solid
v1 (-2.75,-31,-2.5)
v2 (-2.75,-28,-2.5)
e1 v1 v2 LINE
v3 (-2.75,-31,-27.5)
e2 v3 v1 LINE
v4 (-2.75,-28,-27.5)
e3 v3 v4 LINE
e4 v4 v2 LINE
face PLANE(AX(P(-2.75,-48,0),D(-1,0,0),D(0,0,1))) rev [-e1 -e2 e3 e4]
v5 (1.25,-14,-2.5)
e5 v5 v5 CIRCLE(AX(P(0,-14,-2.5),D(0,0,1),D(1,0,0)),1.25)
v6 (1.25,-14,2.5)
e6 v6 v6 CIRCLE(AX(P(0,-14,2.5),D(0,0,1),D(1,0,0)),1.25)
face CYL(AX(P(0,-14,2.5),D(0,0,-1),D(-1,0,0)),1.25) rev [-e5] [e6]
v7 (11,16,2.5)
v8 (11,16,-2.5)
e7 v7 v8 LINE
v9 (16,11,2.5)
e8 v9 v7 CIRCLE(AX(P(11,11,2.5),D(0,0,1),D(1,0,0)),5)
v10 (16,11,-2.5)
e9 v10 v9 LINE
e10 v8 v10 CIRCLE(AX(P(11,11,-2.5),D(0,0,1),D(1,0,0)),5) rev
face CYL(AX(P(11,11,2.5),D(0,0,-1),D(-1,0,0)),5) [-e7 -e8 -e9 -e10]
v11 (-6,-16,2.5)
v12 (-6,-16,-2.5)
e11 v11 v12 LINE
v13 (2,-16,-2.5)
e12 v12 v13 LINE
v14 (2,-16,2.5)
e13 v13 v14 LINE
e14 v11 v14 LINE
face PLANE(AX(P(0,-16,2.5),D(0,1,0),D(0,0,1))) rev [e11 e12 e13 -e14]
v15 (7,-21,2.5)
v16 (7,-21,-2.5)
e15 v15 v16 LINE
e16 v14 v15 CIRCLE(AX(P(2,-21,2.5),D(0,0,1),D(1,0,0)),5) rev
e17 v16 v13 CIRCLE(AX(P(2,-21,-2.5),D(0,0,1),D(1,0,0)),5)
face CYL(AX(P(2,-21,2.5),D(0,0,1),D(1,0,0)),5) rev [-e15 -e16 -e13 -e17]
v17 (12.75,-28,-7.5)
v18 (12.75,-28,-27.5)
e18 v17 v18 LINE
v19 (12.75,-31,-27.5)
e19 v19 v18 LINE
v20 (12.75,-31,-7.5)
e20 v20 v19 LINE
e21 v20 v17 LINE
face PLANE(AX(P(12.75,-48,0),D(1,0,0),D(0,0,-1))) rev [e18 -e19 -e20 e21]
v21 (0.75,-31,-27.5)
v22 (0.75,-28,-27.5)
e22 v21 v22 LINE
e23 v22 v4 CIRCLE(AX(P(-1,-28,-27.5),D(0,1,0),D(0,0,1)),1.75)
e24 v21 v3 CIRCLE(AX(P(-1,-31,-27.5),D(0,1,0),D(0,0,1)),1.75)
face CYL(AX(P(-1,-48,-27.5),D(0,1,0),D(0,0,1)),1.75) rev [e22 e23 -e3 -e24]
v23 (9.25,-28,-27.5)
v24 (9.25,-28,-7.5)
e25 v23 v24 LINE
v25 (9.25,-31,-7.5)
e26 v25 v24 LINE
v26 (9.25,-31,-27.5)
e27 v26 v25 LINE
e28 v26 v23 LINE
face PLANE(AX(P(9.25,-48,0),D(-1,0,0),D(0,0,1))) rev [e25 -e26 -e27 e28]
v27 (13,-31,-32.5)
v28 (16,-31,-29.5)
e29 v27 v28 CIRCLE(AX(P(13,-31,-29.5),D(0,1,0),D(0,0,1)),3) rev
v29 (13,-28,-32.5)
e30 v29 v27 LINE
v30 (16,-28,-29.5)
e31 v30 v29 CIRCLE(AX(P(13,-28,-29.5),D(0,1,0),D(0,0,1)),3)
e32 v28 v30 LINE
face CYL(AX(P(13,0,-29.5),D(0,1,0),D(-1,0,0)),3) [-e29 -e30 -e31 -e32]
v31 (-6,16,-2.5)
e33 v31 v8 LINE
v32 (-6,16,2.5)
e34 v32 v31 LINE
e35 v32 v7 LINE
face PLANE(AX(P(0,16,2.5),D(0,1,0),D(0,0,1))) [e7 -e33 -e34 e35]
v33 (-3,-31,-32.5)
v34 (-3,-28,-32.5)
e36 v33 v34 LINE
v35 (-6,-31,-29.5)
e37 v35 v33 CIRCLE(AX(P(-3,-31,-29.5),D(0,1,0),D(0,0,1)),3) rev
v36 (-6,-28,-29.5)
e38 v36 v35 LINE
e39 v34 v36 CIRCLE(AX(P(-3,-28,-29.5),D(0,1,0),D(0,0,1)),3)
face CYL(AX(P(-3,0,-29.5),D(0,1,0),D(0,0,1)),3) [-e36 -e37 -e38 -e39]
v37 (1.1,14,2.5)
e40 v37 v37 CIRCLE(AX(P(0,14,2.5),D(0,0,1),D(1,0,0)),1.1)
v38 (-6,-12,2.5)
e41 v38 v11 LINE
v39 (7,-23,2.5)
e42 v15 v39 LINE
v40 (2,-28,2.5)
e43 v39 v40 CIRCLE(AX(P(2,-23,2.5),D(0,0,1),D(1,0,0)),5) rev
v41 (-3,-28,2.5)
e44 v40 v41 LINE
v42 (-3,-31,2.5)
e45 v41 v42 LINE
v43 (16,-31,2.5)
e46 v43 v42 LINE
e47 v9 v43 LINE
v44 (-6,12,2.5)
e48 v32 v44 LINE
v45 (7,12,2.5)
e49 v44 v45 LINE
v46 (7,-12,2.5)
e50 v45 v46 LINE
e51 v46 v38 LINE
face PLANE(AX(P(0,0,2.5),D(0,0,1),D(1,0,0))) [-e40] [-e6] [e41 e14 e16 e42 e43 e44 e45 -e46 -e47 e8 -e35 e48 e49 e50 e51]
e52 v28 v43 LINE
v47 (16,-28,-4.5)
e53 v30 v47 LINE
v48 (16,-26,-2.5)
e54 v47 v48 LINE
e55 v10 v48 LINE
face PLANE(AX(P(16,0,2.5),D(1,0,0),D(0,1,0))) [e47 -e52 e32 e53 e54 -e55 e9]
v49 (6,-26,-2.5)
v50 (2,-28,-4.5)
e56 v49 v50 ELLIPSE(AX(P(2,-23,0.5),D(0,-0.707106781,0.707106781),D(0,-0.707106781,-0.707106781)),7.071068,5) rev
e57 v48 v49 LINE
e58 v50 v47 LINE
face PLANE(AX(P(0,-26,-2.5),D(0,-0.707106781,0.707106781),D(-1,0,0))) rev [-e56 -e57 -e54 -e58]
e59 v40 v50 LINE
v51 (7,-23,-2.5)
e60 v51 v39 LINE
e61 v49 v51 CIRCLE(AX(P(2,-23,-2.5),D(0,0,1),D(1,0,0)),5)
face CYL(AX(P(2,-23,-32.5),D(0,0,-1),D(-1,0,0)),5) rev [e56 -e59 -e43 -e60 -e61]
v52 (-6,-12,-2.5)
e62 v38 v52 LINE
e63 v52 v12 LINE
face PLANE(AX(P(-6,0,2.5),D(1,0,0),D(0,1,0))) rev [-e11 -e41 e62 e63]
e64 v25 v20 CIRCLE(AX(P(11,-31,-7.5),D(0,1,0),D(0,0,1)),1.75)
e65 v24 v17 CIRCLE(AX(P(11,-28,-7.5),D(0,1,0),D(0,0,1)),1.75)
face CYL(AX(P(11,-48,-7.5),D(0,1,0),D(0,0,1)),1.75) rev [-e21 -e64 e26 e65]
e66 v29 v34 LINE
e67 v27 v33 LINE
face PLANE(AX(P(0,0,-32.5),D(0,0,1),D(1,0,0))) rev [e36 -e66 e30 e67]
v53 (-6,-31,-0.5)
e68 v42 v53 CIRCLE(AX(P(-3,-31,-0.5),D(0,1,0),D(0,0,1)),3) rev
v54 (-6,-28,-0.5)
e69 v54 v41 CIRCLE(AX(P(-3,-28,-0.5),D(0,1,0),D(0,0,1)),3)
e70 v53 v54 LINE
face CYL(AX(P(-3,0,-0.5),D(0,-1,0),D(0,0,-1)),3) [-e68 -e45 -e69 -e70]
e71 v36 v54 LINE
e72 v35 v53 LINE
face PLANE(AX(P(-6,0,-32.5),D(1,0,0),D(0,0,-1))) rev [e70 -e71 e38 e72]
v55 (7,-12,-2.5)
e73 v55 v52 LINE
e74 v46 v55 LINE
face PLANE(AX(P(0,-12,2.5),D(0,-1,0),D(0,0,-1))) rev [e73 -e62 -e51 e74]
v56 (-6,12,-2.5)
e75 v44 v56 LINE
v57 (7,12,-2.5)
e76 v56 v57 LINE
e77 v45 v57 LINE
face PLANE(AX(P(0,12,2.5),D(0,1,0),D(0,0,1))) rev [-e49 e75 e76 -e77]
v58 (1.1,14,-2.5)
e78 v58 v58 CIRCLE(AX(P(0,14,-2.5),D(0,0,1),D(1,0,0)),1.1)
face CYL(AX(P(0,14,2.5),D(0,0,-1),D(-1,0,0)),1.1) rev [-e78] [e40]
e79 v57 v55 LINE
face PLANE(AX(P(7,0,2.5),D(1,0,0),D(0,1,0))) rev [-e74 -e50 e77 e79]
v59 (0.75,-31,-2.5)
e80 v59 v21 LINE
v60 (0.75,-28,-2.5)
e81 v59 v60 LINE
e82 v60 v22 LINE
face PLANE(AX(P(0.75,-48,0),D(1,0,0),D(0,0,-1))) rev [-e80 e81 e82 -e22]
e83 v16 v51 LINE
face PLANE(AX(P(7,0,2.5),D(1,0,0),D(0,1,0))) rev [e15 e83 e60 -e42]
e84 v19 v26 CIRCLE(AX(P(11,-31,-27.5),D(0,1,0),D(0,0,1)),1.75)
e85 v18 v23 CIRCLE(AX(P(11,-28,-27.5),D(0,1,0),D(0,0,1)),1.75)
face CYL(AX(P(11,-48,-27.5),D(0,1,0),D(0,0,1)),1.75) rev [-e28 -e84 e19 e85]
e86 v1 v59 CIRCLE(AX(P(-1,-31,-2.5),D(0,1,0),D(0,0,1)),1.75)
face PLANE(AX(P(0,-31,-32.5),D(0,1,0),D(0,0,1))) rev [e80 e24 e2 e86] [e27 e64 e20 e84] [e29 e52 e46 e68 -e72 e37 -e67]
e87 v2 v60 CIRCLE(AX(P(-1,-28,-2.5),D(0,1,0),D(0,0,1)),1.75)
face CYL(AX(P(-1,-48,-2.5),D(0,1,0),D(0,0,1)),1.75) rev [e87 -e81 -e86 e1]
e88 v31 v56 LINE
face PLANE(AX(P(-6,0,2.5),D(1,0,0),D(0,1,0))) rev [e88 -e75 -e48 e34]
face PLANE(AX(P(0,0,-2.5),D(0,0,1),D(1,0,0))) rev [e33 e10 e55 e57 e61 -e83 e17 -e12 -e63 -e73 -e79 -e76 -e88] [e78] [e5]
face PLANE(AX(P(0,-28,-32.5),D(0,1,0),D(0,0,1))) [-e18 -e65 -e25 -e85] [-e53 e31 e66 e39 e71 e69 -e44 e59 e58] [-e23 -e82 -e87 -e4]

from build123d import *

# Parameters (mm, degrees)
SKETCH_1_R          = 1.1
SKETCH_1_R_2        = 1.25
EXTRUDE_1_DEPTH     = 2.5
EXTRUDE_START       = 2.5
SKETCH_1_5_W        = 22
SKETCH_1_5_H        = 3
EXTRUDE_3_DEPTH     = 35
CUT_EXTRUDE_1_DEPTH = 20
FILLET_1_R          = 5
FILLET_5_R          = 3
CHAMFER_1_SIZE      = 2
FILLET_6_R          = 5


with BuildPart() as part:
    # 草图1 → 凸台-拉伸1 (new, symmetric)
    with BuildSketch(Plane.XY):
        Polygon((-6, 16), (-6, 12), (7, 12), (7, -12), (-6, -12), (-6, -16), (7, -16), (7, -28), (16, -28), (16, 16), align=None)
        with Locations((0, 14)):
            Circle(SKETCH_1_R, mode=Mode.SUBTRACT)
        with Locations((0, -14)):
            Circle(SKETCH_1_R_2, mode=Mode.SUBTRACT)
    extrude(amount=EXTRUDE_1_DEPTH, both=True)

    # 草图1<5> → 凸台-拉伸3 (add)
    with BuildSketch(Plane.XY.offset(EXTRUDE_START)):
        with Locations((5, -29.5)):
            Rectangle(SKETCH_1_5_W, SKETCH_1_5_H)
    extrude(amount=-EXTRUDE_3_DEPTH)

    # 草图2 → 切除-拉伸1 (cut)
    with BuildSketch(Plane(origin=(0, -28, 0), x_dir=(1, 0, 0), z_dir=(0, 1, 0))):
        with BuildLine():
            Line((0.75, 2.5), (0.75, 27.5))
            ThreePointArc((0.75, 27.5), (-1, 29.25), (-2.75, 27.5))
            Line((-2.75, 27.5), (-2.75, 2.5))
            ThreePointArc((-2.75, 2.5), (-1, 0.75), (0.75, 2.5))
        make_face()
        with BuildLine():
            Line((12.75, 7.5), (12.75, 27.5))
            ThreePointArc((12.75, 27.5), (11, 29.25), (9.25, 27.5))
            Line((9.25, 27.5), (9.25, 7.5))
            ThreePointArc((9.25, 7.5), (11, 5.75), (12.75, 7.5))
        make_face()
    extrude(amount=-CUT_EXTRUDE_1_DEPTH, mode=Mode.SUBTRACT)

    # 圆角1
    fillet_1_edges = [part.edges().sort_by_distance(p)[0] for p in [
        (7, -28, 0),
        (7, -16, 0),
    ]]
    fillet(fillet_1_edges, radius=FILLET_1_R)

    # 圆角5
    fillet_5_edges = [part.edges().sort_by_distance(p)[0] for p in [
        (16, -29.5, -32.5),
        (-6, -29.5, 2.5),
        (-6, -29.5, -32.5),
    ]]
    fillet(fillet_5_edges, radius=FILLET_5_R)

    # 倒角1
    chamfer_1_edges = [part.edges().sort_by_distance(p)[0] for p in [
        (9, -28, -2.5),
    ]]
    chamfer(chamfer_1_edges, length=CHAMFER_1_SIZE)

    # 圆角6
    fillet_6_edges = [part.edges().sort_by_distance(p)[0] for p in [
        (16, 16, 0),
    ]]
    fillet(fillet_6_edges, radius=FILLET_6_R)


solid = part.part
